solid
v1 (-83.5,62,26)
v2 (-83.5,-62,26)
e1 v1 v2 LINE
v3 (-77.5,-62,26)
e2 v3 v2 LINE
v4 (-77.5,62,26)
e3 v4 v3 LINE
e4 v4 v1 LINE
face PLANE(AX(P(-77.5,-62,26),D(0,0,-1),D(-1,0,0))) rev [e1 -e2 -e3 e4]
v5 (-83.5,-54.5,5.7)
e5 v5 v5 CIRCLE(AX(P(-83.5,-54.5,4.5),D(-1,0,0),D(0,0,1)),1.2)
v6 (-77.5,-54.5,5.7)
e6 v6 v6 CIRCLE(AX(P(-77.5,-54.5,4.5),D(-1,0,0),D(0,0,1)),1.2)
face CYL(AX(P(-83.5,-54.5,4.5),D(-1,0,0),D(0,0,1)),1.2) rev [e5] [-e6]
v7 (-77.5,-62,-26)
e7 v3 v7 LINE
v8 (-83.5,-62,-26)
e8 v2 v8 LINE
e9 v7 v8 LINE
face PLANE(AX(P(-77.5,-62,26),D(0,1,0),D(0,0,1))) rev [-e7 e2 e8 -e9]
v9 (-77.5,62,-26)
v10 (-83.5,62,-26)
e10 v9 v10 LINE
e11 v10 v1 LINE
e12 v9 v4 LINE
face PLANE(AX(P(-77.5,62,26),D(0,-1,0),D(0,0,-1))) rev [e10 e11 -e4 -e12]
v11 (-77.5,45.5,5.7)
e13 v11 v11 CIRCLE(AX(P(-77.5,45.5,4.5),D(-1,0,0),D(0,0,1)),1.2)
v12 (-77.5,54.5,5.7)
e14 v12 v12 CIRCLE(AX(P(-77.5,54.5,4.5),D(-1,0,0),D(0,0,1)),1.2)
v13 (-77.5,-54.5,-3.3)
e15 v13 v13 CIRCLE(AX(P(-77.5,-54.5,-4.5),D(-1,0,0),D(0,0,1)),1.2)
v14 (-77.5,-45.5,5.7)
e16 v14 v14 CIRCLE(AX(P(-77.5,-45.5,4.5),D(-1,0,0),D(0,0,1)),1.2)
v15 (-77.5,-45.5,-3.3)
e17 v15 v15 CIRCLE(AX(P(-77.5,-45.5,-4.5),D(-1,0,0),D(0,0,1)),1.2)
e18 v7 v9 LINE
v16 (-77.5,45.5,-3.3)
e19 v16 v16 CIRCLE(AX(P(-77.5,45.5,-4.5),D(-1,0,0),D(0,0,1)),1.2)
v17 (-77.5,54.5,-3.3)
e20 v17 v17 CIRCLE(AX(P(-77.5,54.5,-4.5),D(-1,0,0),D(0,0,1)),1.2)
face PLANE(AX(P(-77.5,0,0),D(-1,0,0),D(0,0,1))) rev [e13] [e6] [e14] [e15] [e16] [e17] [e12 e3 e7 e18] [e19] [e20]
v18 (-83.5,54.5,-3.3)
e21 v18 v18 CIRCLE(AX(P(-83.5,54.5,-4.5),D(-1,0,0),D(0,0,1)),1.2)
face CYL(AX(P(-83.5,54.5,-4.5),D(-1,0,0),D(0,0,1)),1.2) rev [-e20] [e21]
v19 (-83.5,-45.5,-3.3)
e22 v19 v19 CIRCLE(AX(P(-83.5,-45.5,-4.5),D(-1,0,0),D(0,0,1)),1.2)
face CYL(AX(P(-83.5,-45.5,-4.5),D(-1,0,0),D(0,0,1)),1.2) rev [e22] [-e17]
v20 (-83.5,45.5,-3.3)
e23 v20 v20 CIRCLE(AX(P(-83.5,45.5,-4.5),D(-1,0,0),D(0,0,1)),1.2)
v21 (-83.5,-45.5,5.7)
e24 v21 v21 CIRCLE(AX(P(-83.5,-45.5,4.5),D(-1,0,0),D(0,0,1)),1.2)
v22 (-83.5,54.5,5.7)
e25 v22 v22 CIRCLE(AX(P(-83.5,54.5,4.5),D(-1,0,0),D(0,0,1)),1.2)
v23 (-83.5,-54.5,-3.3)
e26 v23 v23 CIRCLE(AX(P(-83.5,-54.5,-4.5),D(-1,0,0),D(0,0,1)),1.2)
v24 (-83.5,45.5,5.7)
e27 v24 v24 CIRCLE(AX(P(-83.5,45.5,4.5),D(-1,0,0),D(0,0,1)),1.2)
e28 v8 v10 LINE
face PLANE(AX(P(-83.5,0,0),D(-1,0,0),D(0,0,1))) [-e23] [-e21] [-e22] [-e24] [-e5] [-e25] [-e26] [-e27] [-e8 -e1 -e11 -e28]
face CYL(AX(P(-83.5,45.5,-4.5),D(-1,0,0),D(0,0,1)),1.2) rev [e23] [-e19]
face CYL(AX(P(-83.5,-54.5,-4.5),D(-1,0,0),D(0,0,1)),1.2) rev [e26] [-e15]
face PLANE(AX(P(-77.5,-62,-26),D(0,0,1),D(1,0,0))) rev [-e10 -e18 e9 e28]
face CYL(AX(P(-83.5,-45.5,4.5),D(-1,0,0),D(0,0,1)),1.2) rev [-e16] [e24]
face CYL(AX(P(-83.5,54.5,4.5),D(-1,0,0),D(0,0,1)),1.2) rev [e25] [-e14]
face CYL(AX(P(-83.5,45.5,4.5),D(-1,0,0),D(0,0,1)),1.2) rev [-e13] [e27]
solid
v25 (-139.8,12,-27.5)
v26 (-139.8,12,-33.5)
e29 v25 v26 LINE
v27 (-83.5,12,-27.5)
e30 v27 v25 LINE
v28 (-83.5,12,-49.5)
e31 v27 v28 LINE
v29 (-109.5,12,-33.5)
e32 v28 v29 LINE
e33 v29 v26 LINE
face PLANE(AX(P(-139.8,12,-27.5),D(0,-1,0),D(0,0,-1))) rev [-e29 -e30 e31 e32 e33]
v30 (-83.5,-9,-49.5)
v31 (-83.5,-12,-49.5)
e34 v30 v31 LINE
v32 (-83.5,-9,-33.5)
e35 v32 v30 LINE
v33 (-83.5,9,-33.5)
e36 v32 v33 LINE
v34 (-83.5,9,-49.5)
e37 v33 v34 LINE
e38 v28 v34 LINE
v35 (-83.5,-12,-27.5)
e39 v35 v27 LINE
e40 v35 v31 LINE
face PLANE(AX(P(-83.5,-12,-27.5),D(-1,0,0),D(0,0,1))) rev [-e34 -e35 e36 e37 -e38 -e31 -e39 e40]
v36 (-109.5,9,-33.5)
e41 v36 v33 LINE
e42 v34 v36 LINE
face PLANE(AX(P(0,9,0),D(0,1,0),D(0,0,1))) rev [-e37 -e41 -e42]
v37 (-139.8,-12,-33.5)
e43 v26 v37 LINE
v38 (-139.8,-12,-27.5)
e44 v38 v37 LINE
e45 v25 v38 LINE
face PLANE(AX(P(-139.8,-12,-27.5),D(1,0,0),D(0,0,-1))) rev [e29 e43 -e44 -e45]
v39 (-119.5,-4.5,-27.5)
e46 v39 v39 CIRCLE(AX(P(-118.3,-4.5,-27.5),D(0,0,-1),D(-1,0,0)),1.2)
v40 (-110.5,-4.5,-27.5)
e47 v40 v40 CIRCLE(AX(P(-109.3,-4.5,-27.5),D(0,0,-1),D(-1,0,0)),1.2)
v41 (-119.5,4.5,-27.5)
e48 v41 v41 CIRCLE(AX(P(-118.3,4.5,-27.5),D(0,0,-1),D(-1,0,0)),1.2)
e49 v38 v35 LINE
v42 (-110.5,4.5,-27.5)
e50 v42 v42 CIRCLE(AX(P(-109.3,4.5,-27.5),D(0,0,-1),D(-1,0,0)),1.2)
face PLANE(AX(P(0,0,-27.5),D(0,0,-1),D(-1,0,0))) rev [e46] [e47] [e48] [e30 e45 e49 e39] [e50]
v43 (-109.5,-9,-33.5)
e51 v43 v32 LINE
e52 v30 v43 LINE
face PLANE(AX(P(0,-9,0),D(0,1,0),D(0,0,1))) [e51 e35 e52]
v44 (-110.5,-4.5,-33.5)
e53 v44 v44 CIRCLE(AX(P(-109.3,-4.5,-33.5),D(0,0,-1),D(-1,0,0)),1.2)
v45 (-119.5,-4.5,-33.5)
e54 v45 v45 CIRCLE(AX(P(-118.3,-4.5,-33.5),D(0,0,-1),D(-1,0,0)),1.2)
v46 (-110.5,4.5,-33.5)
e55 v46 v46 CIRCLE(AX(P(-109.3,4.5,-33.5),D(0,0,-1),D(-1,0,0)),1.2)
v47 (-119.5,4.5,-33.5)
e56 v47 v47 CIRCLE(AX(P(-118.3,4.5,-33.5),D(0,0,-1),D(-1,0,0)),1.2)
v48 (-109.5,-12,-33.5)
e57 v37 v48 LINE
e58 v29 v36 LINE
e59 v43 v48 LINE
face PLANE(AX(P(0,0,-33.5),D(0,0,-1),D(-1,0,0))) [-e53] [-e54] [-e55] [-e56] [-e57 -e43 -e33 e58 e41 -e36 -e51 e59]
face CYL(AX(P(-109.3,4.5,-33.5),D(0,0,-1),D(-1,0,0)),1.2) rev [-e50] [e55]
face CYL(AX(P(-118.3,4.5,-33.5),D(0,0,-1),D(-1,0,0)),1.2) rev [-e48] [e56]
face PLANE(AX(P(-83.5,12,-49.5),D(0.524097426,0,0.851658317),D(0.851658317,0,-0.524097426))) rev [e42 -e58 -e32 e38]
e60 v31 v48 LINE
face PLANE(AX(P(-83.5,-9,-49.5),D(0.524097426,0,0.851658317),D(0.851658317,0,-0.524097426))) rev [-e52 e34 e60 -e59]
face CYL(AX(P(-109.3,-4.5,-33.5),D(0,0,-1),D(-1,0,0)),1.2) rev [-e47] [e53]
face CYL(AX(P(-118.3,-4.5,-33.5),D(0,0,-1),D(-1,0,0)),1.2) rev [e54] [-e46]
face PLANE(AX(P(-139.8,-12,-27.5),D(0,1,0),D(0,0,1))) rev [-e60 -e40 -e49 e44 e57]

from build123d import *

# Parameters (mm, degrees)
SKETCH1_W           = 52
SKETCH1_H           = 124
BOSS_EXTRUDE1_DEPTH = 6
SKETCH2_W           = 56.3
SKETCH2_H           = 24
BOSS_EXTRUDE2_DEPTH = 6
BOSS_EXTRUDE3_DEPTH = 3
BOSS_EXTRUDE4_DEPTH = 3
SKETCH5_W           = 1.2
SKETCH5_H           = 6
SKETCH7_W           = 1.2
SKETCH7_H           = 6
SKETCH9_W           = 1.2
SKETCH9_H           = 6
SKETCH11_W          = 1.2
SKETCH11_H          = 6
SKETCH13_W          = 1.2
SKETCH13_H          = 6
SKETCH15_W          = 1.2
SKETCH15_H          = 6
SKETCH17_W          = 1.2
SKETCH17_H          = 6
SKETCH19_W          = 1.2
SKETCH19_H          = 6
SKETCH21_W          = 1.2
SKETCH21_H          = 59.5
SKETCH23_W          = 1.2
SKETCH23_H          = 59.5
SKETCH25_W          = 1.2
SKETCH25_H          = 59.5
SKETCH27_W          = 1.2
SKETCH27_H          = 59.5


with BuildPart() as part:
    # Sketch1 → Boss-Extrude1 (new body)
    with BuildSketch(Plane(origin=(-83.5, 0, 0), x_dir=(0, 0, -1), z_dir=(1, 0, 0))):
        Rectangle(SKETCH1_W, SKETCH1_H)
    extrude(amount=BOSS_EXTRUDE1_DEPTH)

    # Sketch5 → M2 Clearance Hole1 (revolve, cut)
    with BuildSketch(Plane(origin=(-83.5, 45.5, -4.5), x_dir=(0, 0, 1), z_dir=(0, 1, 0))):
        with Locations((0.6, 3)):
            Rectangle(SKETCH5_W, SKETCH5_H)
    revolve(axis=Axis((-89.85, 45.5, -4.5), (1, 0, 0)), mode=Mode.SUBTRACT)

    # Sketch7 → M2 Clearance Hole2 (revolve, cut)
    with BuildSketch(Plane(origin=(-83.5, 45.5, 4.5), x_dir=(0, 0, 1), z_dir=(0, 1, 0))):
        with Locations((0.6, 3)):
            Rectangle(SKETCH7_W, SKETCH7_H)
    revolve(axis=Axis((-89.85, 45.5, 4.5), (1, 0, 0)), mode=Mode.SUBTRACT)

    # Sketch9 → M2 Clearance Hole3 (revolve, cut)
    with BuildSketch(Plane(origin=(-83.5, 54.5, -4.5), x_dir=(0, 0, 1), z_dir=(0, 1, 0))):
        with Locations((0.6, 3)):
            Rectangle(SKETCH9_W, SKETCH9_H)
    revolve(axis=Axis((-89.85, 54.5, -4.5), (1, 0, 0)), mode=Mode.SUBTRACT)

    # Sketch11 → M2 Clearance Hole4 (revolve, cut)
    with BuildSketch(Plane(origin=(-83.5, 54.5, 4.5), x_dir=(0, 0, 1), z_dir=(0, 1, 0))):
        with Locations((0.6, 3)):
            Rectangle(SKETCH11_W, SKETCH11_H)
    revolve(axis=Axis((-89.85, 54.5, 4.5), (1, 0, 0)), mode=Mode.SUBTRACT)

    # Sketch13 → M2 Clearance Hole5 (revolve, cut)
    with BuildSketch(Plane(origin=(-83.5, -54.5, -4.5), x_dir=(0, 0, 1), z_dir=(0, 1, 0))):
        with Locations((0.6, 3)):
            Rectangle(SKETCH13_W, SKETCH13_H)
    revolve(axis=Axis((-89.85, -54.5, -4.5), (1, 0, 0)), mode=Mode.SUBTRACT)

    # Sketch15 → M2 Clearance Hole6 (revolve, cut)
    with BuildSketch(Plane(origin=(-83.5, -54.5, 4.5), x_dir=(0, 0, 1), z_dir=(0, 1, 0))):
        with Locations((0.6, 3)):
            Rectangle(SKETCH15_W, SKETCH15_H)
    revolve(axis=Axis((-89.85, -54.5, 4.5), (1, 0, 0)), mode=Mode.SUBTRACT)

    # Sketch17 → M2 Clearance Hole7 (revolve, cut)
    with BuildSketch(Plane(origin=(-83.5, -45.5, -4.5), x_dir=(0, 0, 1), z_dir=(0, 1, 0))):
        with Locations((0.6, 3)):
            Rectangle(SKETCH17_W, SKETCH17_H)
    revolve(axis=Axis((-89.85, -45.5, -4.5), (1, 0, 0)), mode=Mode.SUBTRACT)

    # Sketch19 → M2 Clearance Hole8 (revolve, cut)
    with BuildSketch(Plane(origin=(-83.5, -45.5, 4.5), x_dir=(0, 0, 1), z_dir=(0, 1, 0))):
        with Locations((0.6, 3)):
            Rectangle(SKETCH19_W, SKETCH19_H)
    revolve(axis=Axis((-89.85, -45.5, 4.5), (1, 0, 0)), mode=Mode.SUBTRACT)


with BuildPart() as body_2:
    # Sketch2 → Boss-Extrude2 (new body)
    with BuildSketch(Plane.XY.offset(-33.5)):
        with Locations((-111.65, 0)):
            Rectangle(SKETCH2_W, SKETCH2_H)
    extrude(amount=BOSS_EXTRUDE2_DEPTH)

    # Sketch3 → Boss-Extrude3 (add)
    with BuildSketch(Plane(origin=(0, 9, 0), x_dir=(1, 0, 0), z_dir=(0, 1, 0))):
        Polygon((-83.5, 33.5), (-83.5, 49.5), (-109.5, 33.5), align=None)
    extrude(amount=BOSS_EXTRUDE3_DEPTH)

    # Sketch4 → Boss-Extrude4 (add)
    with BuildSketch(Plane(origin=(0, -12, 0), x_dir=(1, 0, 0), z_dir=(0, 1, 0))):
        Polygon((-83.5, 33.5), (-83.5, 49.5), (-109.5, 33.5), align=None)
    extrude(amount=BOSS_EXTRUDE4_DEPTH)

    # Sketch21 → M2 Clearance Hole9 (revolve, cut)
    with BuildSketch(Plane(origin=(-109.3, 4.5, -33.5), x_dir=(0, 1, 0), z_dir=(1, 0, 0))):
        with Locations((0.6, 29.75)):
            Rectangle(SKETCH21_W, SKETCH21_H)
    revolve(axis=Axis((-109.3, 4.5, -39.85), (0, 0, 1)), mode=Mode.SUBTRACT)

    # Sketch23 → M2 Clearance Hole10 (revolve, cut)
    with BuildSketch(Plane(origin=(-109.3, -4.5, -33.5), x_dir=(0, 1, 0), z_dir=(1, 0, 0))):
        with Locations((0.6, 29.75)):
            Rectangle(SKETCH23_W, SKETCH23_H)
    revolve(axis=Axis((-109.3, -4.5, -39.85), (0, 0, 1)), mode=Mode.SUBTRACT)

    # Sketch25 → M2 Clearance Hole11 (revolve, cut)
    with BuildSketch(Plane(origin=(-118.3, 4.5, -33.5), x_dir=(0, 1, 0), z_dir=(1, 0, 0))):
        with Locations((0.6, 29.75)):
            Rectangle(SKETCH25_W, SKETCH25_H)
    revolve(axis=Axis((-118.3, 4.5, -39.85), (0, 0, 1)), mode=Mode.SUBTRACT)

    # Sketch27 → M2 Clearance Hole12 (revolve, cut)
    with BuildSketch(Plane(origin=(-118.3, -4.5, -33.5), x_dir=(0, 1, 0), z_dir=(1, 0, 0))):
        with Locations((0.6, 29.75)):
            Rectangle(SKETCH27_W, SKETCH27_H)
    revolve(axis=Axis((-118.3, -4.5, -39.85), (0, 0, 1)), mode=Mode.SUBTRACT)


solid = Compound([part.part, body_2.part])
